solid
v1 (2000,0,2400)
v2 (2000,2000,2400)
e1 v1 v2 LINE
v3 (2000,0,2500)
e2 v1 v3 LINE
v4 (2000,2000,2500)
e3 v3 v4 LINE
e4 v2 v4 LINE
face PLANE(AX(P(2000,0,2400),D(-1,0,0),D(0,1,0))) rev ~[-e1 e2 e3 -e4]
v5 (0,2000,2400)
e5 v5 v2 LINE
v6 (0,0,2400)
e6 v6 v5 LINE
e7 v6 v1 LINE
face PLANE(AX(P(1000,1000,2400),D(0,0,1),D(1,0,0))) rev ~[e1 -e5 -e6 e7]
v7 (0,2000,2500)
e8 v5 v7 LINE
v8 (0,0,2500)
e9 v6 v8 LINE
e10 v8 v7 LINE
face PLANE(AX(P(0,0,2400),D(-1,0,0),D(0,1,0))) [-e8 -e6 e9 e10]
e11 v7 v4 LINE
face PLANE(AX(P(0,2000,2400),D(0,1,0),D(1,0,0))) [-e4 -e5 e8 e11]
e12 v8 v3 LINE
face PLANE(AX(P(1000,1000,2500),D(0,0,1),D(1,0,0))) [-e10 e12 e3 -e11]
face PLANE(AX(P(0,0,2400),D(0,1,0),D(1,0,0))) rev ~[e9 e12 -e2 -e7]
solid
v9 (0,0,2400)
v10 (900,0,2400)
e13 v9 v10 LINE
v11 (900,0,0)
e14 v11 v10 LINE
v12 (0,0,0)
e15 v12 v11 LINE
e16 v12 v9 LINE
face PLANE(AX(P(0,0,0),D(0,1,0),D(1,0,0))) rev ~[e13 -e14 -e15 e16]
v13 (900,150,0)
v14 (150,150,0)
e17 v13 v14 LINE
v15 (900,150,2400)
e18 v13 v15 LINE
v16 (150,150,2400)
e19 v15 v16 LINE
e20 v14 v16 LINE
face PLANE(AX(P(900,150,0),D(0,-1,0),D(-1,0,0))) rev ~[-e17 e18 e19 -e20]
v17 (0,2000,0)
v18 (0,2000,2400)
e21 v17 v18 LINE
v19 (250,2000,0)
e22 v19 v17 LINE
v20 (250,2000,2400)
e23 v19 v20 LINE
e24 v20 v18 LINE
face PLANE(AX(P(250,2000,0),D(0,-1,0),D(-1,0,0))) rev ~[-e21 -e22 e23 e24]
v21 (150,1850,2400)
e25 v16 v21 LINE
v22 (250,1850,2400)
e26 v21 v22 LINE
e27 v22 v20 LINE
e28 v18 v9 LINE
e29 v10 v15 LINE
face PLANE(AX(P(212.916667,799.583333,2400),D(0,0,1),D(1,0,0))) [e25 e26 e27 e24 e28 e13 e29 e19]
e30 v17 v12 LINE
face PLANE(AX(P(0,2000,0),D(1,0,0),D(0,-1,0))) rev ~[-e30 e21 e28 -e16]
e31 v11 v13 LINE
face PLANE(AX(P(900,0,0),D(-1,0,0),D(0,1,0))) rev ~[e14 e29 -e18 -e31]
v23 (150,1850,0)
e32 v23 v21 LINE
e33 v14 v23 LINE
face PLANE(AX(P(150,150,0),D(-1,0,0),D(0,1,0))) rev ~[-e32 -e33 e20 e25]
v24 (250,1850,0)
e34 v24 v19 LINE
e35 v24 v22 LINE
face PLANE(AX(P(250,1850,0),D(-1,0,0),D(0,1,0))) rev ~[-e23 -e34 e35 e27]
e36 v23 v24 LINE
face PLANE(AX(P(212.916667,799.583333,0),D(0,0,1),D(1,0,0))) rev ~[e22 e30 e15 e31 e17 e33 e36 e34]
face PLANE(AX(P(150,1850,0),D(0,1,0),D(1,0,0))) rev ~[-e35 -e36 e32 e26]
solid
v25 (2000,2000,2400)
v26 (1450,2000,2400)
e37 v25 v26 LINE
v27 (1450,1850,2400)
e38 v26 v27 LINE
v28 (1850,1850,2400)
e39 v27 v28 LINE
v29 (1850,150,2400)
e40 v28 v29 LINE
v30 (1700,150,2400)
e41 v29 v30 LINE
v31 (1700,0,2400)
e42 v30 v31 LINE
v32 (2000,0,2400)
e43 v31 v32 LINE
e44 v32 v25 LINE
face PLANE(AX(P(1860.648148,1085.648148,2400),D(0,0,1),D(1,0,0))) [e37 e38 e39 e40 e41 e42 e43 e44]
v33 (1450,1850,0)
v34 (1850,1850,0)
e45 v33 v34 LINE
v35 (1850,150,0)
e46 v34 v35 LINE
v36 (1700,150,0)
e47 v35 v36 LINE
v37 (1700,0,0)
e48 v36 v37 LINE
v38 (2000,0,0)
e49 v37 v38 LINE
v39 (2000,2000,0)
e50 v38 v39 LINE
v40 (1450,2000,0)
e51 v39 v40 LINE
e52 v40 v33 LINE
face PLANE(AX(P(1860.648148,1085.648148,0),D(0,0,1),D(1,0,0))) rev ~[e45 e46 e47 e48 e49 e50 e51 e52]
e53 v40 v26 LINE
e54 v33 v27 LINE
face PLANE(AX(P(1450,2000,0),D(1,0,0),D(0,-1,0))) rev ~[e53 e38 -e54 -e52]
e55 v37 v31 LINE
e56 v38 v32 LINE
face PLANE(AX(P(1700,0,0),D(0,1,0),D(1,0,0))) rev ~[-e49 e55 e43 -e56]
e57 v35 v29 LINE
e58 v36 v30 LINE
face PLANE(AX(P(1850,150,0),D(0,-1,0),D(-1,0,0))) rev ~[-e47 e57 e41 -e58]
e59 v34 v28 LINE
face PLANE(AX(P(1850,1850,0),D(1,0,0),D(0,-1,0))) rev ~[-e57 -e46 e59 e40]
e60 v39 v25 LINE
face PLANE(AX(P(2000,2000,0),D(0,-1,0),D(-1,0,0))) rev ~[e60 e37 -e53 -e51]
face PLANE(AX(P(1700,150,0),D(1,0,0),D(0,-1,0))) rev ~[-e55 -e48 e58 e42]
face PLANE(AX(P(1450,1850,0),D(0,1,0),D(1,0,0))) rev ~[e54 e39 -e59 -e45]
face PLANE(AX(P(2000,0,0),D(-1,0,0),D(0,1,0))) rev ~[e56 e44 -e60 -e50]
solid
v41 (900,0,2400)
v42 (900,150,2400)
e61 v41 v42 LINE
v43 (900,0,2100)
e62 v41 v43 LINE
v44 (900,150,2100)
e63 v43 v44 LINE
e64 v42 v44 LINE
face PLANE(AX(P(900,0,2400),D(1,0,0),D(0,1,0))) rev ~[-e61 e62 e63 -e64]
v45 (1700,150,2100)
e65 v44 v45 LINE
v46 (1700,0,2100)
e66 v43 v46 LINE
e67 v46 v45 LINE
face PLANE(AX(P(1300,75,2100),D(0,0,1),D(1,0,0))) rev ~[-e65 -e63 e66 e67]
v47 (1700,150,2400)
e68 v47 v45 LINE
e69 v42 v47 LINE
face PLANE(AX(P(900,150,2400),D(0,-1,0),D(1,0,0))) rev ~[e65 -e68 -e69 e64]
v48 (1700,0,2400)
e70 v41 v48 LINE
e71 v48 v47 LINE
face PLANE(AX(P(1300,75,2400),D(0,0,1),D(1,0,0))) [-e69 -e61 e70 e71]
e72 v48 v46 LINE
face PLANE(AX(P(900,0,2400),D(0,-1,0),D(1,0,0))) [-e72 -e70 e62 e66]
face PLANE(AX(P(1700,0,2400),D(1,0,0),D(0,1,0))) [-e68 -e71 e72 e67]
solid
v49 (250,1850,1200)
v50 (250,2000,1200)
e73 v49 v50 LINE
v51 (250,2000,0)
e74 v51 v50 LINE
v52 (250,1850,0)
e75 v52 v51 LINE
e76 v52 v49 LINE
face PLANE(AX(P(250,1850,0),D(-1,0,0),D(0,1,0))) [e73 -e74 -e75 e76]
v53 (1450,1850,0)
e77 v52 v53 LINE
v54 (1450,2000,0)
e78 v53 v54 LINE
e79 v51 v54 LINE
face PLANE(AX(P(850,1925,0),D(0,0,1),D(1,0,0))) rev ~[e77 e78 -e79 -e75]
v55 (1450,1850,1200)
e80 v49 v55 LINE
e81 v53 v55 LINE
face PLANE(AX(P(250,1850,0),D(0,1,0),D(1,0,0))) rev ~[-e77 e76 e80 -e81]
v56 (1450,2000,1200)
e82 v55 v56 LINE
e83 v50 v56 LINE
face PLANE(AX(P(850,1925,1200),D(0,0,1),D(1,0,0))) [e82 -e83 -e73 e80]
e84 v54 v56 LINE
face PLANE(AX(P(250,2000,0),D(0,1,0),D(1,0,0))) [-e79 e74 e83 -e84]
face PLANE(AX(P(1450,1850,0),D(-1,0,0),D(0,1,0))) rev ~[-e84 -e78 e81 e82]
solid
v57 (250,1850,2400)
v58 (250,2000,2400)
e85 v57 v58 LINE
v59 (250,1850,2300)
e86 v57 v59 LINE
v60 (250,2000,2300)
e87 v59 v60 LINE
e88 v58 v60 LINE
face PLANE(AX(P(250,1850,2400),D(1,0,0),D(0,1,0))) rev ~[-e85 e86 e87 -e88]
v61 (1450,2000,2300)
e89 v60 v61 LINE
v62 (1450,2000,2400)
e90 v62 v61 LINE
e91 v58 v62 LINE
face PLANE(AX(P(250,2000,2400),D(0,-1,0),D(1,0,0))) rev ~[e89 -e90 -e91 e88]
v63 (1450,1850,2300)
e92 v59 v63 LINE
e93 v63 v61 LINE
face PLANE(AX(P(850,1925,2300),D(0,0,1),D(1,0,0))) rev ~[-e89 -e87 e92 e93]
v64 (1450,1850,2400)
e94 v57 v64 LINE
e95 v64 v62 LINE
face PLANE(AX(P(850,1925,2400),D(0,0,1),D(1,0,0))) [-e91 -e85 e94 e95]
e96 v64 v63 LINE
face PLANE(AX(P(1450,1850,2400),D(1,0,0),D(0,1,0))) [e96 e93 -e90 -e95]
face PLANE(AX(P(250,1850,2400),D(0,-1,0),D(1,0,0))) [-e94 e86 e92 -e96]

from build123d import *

# Parameters (mm, degrees)
EXTRUSION_DEPTH    = 2400
EXTRUSION001_DEPTH = 2400
RECTANGLE005_W     = 800
RECTANGLE005_H     = 150
EXTRUSION002_DEPTH = 300
RECTANGLE003_W     = 1200
RECTANGLE003_H     = 150
EXTRUSION003_DEPTH = 1200
RECTANGLE006_W     = 1200
RECTANGLE006_H     = 150
EXTRUSION004_DEPTH = 100
RECTANGLE007_W     = 2000
RECTANGLE007_H     = 2000
EXTRUSION005_DEPTH = 100


with BuildPart() as extrusion:
    # DWire → Extrusion (new body)
    with BuildSketch(Plane.XY):
        Polygon((250, 2000), (0, 2000), (0, 0), (900, 0), (900, 150), (150, 150), (150, 1850), (250, 1850), align=None)
    extrude(amount=EXTRUSION_DEPTH)


with BuildPart() as extrusion001:
    # DWire001 → Extrusion001 (new body)
    with BuildSketch(Plane.XY):
        Polygon((1450, 2000), (1450, 1850), (1850, 1850), (1850, 150), (1700, 150), (1700, 0), (2000, 0), (2000, 2000), align=None)
    extrude(amount=EXTRUSION001_DEPTH)


with BuildPart() as extrusion002:
    # Rectangle005 → Extrusion002 (new body)
    with BuildSketch(Plane(origin=(900, 150, 2400), x_dir=(1, 0, 0), z_dir=(0, 0, 1))):
        with Locations((400, -75)):
            Rectangle(RECTANGLE005_W, RECTANGLE005_H)
    extrude(amount=-EXTRUSION002_DEPTH)


with BuildPart() as extrusion003:
    # Rectangle003 → Extrusion003 (new body)
    with BuildSketch(Plane(origin=(250, 2000, 0), x_dir=(1, 0, 0), z_dir=(0, 0, 1))):
        with Locations((600, -75)):
            Rectangle(RECTANGLE003_W, RECTANGLE003_H)
    extrude(amount=EXTRUSION003_DEPTH)


with BuildPart() as extrusion004:
    # Rectangle006 → Extrusion004 (new body)
    with BuildSketch(Plane(origin=(1450, 2000, 2400), x_dir=(1, 0, 0), z_dir=(0, 0, 1))):
        with Locations((-600, -75)):
            Rectangle(RECTANGLE006_W, RECTANGLE006_H)
    extrude(amount=-EXTRUSION004_DEPTH)


with BuildPart() as extrusion005:
    # Rectangle007 → Extrusion005 (new body)
    with BuildSketch(Plane.XY.offset(2400)):
        with Locations((1000, 1000)):
            Rectangle(RECTANGLE007_W, RECTANGLE007_H)
    extrude(amount=EXTRUSION005_DEPTH)


solid = Compound([extrusion.part, extrusion001.part, extrusion002.part, extrusion003.part, extrusion004.part, extrusion005.part])
